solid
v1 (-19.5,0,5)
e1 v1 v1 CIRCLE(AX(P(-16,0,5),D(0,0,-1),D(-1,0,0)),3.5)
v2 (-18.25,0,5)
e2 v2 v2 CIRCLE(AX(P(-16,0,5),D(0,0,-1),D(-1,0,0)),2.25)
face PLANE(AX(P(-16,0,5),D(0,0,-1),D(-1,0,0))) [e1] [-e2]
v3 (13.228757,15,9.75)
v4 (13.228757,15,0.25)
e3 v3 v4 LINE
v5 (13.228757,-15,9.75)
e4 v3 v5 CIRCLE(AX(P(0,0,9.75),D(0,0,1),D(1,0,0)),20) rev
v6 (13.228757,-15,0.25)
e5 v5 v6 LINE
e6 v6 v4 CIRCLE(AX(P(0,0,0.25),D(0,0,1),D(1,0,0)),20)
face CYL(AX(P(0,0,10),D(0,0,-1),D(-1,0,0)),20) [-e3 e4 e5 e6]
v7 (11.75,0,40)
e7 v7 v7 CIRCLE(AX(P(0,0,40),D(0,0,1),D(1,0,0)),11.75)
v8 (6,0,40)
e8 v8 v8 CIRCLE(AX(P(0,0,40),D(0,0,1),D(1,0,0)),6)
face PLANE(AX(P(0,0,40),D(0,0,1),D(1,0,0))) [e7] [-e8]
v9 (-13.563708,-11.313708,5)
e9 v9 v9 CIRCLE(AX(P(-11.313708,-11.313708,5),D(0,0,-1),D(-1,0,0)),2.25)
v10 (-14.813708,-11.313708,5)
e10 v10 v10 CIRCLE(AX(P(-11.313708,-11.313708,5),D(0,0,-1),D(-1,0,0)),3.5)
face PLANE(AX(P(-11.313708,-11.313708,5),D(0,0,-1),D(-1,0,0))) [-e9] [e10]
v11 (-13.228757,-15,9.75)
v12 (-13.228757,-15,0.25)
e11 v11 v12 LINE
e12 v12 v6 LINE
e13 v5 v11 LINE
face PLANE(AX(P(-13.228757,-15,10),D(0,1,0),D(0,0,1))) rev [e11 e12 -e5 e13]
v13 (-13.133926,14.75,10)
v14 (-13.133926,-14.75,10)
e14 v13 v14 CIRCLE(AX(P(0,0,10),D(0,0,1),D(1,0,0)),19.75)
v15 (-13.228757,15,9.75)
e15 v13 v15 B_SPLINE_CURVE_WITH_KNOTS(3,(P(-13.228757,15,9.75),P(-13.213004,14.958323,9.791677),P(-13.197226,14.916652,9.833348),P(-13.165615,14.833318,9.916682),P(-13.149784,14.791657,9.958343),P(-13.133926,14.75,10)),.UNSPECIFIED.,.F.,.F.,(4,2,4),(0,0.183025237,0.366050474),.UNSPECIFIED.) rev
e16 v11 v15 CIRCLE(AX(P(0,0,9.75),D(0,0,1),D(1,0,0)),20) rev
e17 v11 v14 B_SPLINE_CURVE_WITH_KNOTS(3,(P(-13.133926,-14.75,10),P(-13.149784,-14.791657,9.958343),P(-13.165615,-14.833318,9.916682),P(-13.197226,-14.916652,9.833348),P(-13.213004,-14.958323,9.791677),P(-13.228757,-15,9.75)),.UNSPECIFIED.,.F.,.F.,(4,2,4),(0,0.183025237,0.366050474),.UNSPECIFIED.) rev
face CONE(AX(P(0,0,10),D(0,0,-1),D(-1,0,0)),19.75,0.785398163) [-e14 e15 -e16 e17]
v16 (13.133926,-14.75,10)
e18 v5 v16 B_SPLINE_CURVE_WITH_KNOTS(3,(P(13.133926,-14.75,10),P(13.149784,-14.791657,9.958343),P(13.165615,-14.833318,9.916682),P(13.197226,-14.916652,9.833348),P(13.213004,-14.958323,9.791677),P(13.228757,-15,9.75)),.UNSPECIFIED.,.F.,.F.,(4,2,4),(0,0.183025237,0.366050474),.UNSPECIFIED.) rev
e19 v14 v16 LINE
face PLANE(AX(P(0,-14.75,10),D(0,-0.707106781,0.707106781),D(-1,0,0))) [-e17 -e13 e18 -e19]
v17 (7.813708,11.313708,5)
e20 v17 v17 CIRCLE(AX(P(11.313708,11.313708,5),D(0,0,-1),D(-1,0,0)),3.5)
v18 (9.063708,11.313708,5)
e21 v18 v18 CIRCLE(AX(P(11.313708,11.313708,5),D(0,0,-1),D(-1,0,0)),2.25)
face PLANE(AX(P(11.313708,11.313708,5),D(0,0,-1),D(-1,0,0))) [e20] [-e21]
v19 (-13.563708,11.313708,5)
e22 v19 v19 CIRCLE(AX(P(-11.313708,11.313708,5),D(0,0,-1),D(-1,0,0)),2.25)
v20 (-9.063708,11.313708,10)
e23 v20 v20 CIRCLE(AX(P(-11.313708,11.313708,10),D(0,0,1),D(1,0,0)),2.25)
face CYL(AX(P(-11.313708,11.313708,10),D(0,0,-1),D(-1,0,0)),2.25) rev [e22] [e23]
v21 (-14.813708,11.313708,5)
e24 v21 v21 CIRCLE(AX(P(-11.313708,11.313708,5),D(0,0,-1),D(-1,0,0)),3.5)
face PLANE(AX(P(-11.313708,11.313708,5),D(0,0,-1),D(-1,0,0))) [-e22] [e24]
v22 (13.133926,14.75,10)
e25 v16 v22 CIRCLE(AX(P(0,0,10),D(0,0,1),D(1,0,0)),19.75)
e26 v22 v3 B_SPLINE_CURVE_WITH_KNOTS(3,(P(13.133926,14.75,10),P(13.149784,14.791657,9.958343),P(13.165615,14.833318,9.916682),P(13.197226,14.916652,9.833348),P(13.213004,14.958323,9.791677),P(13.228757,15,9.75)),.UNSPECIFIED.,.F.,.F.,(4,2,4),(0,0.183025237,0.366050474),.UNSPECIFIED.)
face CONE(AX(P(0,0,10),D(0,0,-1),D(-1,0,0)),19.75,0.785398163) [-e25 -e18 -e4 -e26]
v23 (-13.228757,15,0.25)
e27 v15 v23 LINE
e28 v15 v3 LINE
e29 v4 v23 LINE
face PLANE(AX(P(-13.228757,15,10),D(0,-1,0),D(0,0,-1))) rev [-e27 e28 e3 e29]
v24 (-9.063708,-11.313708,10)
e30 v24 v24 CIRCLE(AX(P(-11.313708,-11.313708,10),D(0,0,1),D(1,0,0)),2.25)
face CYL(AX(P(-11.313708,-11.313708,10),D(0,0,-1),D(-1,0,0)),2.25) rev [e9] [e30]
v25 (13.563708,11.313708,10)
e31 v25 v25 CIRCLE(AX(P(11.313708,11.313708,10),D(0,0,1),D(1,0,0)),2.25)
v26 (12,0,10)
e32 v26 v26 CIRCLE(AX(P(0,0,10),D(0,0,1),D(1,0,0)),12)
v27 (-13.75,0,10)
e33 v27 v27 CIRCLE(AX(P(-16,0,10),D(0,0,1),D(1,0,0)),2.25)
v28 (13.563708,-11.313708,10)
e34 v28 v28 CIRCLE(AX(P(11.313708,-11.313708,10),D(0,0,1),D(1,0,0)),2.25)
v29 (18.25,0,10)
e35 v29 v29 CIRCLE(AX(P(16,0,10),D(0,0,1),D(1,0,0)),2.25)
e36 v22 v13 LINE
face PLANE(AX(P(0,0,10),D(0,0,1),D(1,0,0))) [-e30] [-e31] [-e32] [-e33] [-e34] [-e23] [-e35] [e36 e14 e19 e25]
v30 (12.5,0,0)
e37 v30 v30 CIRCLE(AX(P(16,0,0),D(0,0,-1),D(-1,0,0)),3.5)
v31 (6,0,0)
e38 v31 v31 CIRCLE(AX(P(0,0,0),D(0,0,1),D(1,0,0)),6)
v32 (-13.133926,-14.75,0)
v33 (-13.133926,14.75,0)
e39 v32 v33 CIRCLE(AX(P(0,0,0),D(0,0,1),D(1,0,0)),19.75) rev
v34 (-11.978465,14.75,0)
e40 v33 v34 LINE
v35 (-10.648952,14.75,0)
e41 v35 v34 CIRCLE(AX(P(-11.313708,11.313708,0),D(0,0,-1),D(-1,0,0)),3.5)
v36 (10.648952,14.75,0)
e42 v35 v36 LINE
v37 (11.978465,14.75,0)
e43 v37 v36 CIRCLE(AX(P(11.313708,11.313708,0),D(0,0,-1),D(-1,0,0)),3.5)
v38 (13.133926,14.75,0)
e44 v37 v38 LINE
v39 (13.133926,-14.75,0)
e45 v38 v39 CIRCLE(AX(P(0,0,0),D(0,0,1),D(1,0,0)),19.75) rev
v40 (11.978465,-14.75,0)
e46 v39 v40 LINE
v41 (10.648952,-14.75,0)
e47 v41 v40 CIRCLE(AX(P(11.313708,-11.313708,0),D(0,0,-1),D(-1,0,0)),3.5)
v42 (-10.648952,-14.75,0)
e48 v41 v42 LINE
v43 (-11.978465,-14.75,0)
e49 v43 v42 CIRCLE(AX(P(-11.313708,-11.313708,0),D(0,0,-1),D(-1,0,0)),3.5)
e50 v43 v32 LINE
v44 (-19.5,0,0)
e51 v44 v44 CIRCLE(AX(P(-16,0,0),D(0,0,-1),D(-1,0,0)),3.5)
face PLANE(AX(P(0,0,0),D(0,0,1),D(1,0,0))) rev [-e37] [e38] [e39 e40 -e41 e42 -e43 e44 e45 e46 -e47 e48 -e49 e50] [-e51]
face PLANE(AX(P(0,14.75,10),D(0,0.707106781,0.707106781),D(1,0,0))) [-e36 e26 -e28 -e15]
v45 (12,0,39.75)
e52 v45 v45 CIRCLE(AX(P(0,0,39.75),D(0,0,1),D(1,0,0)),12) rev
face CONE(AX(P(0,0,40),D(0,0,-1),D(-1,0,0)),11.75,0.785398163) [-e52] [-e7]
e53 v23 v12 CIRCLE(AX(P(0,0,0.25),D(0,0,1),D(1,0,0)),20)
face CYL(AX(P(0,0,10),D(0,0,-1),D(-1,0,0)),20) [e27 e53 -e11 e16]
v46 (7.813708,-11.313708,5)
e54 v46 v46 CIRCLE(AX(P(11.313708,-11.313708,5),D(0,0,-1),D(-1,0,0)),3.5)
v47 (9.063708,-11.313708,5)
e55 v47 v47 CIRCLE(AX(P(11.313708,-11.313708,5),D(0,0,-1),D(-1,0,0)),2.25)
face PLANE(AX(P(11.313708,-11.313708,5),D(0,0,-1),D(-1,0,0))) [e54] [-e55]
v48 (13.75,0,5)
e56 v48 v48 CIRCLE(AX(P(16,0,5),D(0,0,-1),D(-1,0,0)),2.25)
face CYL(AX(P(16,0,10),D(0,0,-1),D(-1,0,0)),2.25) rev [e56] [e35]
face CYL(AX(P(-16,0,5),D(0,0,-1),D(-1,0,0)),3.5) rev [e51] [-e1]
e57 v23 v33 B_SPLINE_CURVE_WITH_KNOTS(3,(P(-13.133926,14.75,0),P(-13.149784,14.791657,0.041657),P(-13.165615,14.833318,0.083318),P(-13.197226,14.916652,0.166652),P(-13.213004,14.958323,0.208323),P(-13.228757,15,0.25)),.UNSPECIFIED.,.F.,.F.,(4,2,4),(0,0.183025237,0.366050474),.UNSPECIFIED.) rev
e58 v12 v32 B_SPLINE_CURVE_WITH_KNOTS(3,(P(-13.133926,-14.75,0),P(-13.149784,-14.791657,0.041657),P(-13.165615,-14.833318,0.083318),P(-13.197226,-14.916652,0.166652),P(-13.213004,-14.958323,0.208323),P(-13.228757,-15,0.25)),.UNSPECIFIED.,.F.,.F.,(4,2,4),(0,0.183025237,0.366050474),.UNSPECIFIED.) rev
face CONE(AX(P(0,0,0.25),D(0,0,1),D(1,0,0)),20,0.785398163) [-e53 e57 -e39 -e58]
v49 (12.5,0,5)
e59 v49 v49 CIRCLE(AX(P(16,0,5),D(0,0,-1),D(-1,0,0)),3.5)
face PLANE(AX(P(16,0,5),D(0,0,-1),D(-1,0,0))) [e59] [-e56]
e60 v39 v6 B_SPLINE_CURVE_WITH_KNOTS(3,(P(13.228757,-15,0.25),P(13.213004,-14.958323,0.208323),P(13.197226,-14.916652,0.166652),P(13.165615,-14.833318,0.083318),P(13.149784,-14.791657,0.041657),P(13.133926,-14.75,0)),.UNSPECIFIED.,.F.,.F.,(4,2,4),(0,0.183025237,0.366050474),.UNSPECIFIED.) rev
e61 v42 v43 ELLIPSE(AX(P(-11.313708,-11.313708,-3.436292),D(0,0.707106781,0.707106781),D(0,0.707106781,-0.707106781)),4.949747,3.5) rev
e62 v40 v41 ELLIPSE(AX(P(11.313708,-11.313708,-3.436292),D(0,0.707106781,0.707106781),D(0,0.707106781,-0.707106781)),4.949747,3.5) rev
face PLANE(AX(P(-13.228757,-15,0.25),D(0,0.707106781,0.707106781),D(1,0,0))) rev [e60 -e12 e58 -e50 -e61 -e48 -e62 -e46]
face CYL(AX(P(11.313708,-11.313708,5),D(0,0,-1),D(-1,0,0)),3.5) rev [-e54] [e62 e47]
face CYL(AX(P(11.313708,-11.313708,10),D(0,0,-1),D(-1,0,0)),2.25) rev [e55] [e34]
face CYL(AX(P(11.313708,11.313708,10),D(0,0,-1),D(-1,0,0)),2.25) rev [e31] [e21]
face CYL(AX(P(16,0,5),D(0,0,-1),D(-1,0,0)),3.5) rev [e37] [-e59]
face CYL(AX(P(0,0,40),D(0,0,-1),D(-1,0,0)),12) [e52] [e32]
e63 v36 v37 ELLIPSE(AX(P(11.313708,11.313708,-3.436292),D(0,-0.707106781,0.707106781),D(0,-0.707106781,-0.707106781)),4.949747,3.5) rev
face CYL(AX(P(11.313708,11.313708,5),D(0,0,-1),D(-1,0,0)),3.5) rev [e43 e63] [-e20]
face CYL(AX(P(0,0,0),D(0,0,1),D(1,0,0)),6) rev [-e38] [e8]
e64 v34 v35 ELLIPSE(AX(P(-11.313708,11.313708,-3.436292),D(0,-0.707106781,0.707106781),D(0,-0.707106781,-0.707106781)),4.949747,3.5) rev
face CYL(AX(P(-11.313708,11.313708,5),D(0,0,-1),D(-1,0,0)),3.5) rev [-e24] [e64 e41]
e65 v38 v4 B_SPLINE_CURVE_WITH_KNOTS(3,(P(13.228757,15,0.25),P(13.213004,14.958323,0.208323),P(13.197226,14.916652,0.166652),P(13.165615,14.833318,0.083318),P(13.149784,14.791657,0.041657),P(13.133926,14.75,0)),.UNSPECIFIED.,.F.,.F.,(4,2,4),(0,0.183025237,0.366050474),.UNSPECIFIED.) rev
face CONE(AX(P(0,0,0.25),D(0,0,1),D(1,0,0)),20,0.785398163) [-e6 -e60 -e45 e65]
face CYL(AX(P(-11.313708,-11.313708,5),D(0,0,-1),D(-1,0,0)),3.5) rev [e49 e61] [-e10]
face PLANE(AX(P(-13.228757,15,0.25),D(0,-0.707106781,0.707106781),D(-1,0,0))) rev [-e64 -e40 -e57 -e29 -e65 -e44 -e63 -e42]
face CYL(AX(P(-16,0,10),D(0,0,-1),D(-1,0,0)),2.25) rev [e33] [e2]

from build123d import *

# Parameters (mm, degrees)
SKETCH1_R           = 2.25
BOSS_EXTRUDE1_DEPTH = 10
SKETCH2_R           = 12
BOSS_EXTRUDE2_DEPTH = 30
SKETCH3_R           = 6
CUT_EXTRUDE1_DEPTH  = 48.16990566
CHAMFER1_SIZE       = 0.25
SKETCH4_R           = 3.5
CUT_EXTRUDE2_DEPTH  = 5


with BuildPart() as part:
    # Sketch1 → Boss-Extrude1 (new body)
    with BuildSketch(Plane.XY):
        with BuildLine():
            Line((-13.228756555, 15), (13.228756555, 15))
            ThreePointArc((13.228756555, 15), (20, 0), (13.228756555, -15))
            Line((13.228756555, -15), (-13.228756555, -15))
            ThreePointArc((-13.228756555, -15), (-20, 0), (-13.228756555, 15))
        make_face()
        with Locations((-16, 0)):
            Circle(SKETCH1_R, mode=Mode.SUBTRACT)
        with Locations((-11.313708499, 11.313708499)):
            Circle(SKETCH1_R, mode=Mode.SUBTRACT)
        with Locations((11.313708499, 11.313708499)):
            Circle(SKETCH1_R, mode=Mode.SUBTRACT)
        with Locations((16, 0)):
            Circle(SKETCH1_R, mode=Mode.SUBTRACT)
        with Locations((11.313708499, -11.313708499)):
            Circle(SKETCH1_R, mode=Mode.SUBTRACT)
        with Locations((-11.313708499, -11.313708499)):
            Circle(SKETCH1_R, mode=Mode.SUBTRACT)
    extrude(amount=BOSS_EXTRUDE1_DEPTH)

    # Sketch2 → Boss-Extrude2 (add)
    with BuildSketch(Plane.XY.offset(10)):
        Circle(SKETCH2_R)
    extrude(amount=BOSS_EXTRUDE2_DEPTH)

    # Sketch3 → Cut-Extrude1 (cut, through all)
    with BuildSketch(Plane.XY.offset(40)):
        Circle(SKETCH3_R)
    extrude(amount=-CUT_EXTRUDE1_DEPTH, mode=Mode.SUBTRACT)

    # Chamfer1
    chamfer1_edges = [part.edges().sort_by_distance(p)[0] for p in [
        (20, 0, 10),
        (0, 15, 10),
        (-12, 0, 40),
        (-20, 0, 10),
        (0, 15, 0),
        (20, 0, 0),
        (0, -15, 0),
        (-20, 0, 0),
        (0, -15, 10),
    ]]
    chamfer(chamfer1_edges, length=CHAMFER1_SIZE)

    # Sketch4 → Cut-Extrude2 (cut)
    with BuildSketch(Plane(origin=(0, 0, 0), x_dir=(-1, 0, 0), z_dir=(0, 0, -1))):
        with Locations((-11.313708499, 11.313708499)):
            Circle(SKETCH4_R)
        with Locations((11.313708499, 11.313708499)):
            Circle(SKETCH4_R)
        with Locations((16, 0)):
            Circle(SKETCH4_R)
        with Locations((11.313708499, -11.313708499)):
            Circle(SKETCH4_R)
        with Locations((-11.313708499, -11.313708499)):
            Circle(SKETCH4_R)
        with Locations((-16, 0)):
            Circle(SKETCH4_R)
    extrude(amount=-CUT_EXTRUDE2_DEPTH, mode=Mode.SUBTRACT)


solid = part.part
